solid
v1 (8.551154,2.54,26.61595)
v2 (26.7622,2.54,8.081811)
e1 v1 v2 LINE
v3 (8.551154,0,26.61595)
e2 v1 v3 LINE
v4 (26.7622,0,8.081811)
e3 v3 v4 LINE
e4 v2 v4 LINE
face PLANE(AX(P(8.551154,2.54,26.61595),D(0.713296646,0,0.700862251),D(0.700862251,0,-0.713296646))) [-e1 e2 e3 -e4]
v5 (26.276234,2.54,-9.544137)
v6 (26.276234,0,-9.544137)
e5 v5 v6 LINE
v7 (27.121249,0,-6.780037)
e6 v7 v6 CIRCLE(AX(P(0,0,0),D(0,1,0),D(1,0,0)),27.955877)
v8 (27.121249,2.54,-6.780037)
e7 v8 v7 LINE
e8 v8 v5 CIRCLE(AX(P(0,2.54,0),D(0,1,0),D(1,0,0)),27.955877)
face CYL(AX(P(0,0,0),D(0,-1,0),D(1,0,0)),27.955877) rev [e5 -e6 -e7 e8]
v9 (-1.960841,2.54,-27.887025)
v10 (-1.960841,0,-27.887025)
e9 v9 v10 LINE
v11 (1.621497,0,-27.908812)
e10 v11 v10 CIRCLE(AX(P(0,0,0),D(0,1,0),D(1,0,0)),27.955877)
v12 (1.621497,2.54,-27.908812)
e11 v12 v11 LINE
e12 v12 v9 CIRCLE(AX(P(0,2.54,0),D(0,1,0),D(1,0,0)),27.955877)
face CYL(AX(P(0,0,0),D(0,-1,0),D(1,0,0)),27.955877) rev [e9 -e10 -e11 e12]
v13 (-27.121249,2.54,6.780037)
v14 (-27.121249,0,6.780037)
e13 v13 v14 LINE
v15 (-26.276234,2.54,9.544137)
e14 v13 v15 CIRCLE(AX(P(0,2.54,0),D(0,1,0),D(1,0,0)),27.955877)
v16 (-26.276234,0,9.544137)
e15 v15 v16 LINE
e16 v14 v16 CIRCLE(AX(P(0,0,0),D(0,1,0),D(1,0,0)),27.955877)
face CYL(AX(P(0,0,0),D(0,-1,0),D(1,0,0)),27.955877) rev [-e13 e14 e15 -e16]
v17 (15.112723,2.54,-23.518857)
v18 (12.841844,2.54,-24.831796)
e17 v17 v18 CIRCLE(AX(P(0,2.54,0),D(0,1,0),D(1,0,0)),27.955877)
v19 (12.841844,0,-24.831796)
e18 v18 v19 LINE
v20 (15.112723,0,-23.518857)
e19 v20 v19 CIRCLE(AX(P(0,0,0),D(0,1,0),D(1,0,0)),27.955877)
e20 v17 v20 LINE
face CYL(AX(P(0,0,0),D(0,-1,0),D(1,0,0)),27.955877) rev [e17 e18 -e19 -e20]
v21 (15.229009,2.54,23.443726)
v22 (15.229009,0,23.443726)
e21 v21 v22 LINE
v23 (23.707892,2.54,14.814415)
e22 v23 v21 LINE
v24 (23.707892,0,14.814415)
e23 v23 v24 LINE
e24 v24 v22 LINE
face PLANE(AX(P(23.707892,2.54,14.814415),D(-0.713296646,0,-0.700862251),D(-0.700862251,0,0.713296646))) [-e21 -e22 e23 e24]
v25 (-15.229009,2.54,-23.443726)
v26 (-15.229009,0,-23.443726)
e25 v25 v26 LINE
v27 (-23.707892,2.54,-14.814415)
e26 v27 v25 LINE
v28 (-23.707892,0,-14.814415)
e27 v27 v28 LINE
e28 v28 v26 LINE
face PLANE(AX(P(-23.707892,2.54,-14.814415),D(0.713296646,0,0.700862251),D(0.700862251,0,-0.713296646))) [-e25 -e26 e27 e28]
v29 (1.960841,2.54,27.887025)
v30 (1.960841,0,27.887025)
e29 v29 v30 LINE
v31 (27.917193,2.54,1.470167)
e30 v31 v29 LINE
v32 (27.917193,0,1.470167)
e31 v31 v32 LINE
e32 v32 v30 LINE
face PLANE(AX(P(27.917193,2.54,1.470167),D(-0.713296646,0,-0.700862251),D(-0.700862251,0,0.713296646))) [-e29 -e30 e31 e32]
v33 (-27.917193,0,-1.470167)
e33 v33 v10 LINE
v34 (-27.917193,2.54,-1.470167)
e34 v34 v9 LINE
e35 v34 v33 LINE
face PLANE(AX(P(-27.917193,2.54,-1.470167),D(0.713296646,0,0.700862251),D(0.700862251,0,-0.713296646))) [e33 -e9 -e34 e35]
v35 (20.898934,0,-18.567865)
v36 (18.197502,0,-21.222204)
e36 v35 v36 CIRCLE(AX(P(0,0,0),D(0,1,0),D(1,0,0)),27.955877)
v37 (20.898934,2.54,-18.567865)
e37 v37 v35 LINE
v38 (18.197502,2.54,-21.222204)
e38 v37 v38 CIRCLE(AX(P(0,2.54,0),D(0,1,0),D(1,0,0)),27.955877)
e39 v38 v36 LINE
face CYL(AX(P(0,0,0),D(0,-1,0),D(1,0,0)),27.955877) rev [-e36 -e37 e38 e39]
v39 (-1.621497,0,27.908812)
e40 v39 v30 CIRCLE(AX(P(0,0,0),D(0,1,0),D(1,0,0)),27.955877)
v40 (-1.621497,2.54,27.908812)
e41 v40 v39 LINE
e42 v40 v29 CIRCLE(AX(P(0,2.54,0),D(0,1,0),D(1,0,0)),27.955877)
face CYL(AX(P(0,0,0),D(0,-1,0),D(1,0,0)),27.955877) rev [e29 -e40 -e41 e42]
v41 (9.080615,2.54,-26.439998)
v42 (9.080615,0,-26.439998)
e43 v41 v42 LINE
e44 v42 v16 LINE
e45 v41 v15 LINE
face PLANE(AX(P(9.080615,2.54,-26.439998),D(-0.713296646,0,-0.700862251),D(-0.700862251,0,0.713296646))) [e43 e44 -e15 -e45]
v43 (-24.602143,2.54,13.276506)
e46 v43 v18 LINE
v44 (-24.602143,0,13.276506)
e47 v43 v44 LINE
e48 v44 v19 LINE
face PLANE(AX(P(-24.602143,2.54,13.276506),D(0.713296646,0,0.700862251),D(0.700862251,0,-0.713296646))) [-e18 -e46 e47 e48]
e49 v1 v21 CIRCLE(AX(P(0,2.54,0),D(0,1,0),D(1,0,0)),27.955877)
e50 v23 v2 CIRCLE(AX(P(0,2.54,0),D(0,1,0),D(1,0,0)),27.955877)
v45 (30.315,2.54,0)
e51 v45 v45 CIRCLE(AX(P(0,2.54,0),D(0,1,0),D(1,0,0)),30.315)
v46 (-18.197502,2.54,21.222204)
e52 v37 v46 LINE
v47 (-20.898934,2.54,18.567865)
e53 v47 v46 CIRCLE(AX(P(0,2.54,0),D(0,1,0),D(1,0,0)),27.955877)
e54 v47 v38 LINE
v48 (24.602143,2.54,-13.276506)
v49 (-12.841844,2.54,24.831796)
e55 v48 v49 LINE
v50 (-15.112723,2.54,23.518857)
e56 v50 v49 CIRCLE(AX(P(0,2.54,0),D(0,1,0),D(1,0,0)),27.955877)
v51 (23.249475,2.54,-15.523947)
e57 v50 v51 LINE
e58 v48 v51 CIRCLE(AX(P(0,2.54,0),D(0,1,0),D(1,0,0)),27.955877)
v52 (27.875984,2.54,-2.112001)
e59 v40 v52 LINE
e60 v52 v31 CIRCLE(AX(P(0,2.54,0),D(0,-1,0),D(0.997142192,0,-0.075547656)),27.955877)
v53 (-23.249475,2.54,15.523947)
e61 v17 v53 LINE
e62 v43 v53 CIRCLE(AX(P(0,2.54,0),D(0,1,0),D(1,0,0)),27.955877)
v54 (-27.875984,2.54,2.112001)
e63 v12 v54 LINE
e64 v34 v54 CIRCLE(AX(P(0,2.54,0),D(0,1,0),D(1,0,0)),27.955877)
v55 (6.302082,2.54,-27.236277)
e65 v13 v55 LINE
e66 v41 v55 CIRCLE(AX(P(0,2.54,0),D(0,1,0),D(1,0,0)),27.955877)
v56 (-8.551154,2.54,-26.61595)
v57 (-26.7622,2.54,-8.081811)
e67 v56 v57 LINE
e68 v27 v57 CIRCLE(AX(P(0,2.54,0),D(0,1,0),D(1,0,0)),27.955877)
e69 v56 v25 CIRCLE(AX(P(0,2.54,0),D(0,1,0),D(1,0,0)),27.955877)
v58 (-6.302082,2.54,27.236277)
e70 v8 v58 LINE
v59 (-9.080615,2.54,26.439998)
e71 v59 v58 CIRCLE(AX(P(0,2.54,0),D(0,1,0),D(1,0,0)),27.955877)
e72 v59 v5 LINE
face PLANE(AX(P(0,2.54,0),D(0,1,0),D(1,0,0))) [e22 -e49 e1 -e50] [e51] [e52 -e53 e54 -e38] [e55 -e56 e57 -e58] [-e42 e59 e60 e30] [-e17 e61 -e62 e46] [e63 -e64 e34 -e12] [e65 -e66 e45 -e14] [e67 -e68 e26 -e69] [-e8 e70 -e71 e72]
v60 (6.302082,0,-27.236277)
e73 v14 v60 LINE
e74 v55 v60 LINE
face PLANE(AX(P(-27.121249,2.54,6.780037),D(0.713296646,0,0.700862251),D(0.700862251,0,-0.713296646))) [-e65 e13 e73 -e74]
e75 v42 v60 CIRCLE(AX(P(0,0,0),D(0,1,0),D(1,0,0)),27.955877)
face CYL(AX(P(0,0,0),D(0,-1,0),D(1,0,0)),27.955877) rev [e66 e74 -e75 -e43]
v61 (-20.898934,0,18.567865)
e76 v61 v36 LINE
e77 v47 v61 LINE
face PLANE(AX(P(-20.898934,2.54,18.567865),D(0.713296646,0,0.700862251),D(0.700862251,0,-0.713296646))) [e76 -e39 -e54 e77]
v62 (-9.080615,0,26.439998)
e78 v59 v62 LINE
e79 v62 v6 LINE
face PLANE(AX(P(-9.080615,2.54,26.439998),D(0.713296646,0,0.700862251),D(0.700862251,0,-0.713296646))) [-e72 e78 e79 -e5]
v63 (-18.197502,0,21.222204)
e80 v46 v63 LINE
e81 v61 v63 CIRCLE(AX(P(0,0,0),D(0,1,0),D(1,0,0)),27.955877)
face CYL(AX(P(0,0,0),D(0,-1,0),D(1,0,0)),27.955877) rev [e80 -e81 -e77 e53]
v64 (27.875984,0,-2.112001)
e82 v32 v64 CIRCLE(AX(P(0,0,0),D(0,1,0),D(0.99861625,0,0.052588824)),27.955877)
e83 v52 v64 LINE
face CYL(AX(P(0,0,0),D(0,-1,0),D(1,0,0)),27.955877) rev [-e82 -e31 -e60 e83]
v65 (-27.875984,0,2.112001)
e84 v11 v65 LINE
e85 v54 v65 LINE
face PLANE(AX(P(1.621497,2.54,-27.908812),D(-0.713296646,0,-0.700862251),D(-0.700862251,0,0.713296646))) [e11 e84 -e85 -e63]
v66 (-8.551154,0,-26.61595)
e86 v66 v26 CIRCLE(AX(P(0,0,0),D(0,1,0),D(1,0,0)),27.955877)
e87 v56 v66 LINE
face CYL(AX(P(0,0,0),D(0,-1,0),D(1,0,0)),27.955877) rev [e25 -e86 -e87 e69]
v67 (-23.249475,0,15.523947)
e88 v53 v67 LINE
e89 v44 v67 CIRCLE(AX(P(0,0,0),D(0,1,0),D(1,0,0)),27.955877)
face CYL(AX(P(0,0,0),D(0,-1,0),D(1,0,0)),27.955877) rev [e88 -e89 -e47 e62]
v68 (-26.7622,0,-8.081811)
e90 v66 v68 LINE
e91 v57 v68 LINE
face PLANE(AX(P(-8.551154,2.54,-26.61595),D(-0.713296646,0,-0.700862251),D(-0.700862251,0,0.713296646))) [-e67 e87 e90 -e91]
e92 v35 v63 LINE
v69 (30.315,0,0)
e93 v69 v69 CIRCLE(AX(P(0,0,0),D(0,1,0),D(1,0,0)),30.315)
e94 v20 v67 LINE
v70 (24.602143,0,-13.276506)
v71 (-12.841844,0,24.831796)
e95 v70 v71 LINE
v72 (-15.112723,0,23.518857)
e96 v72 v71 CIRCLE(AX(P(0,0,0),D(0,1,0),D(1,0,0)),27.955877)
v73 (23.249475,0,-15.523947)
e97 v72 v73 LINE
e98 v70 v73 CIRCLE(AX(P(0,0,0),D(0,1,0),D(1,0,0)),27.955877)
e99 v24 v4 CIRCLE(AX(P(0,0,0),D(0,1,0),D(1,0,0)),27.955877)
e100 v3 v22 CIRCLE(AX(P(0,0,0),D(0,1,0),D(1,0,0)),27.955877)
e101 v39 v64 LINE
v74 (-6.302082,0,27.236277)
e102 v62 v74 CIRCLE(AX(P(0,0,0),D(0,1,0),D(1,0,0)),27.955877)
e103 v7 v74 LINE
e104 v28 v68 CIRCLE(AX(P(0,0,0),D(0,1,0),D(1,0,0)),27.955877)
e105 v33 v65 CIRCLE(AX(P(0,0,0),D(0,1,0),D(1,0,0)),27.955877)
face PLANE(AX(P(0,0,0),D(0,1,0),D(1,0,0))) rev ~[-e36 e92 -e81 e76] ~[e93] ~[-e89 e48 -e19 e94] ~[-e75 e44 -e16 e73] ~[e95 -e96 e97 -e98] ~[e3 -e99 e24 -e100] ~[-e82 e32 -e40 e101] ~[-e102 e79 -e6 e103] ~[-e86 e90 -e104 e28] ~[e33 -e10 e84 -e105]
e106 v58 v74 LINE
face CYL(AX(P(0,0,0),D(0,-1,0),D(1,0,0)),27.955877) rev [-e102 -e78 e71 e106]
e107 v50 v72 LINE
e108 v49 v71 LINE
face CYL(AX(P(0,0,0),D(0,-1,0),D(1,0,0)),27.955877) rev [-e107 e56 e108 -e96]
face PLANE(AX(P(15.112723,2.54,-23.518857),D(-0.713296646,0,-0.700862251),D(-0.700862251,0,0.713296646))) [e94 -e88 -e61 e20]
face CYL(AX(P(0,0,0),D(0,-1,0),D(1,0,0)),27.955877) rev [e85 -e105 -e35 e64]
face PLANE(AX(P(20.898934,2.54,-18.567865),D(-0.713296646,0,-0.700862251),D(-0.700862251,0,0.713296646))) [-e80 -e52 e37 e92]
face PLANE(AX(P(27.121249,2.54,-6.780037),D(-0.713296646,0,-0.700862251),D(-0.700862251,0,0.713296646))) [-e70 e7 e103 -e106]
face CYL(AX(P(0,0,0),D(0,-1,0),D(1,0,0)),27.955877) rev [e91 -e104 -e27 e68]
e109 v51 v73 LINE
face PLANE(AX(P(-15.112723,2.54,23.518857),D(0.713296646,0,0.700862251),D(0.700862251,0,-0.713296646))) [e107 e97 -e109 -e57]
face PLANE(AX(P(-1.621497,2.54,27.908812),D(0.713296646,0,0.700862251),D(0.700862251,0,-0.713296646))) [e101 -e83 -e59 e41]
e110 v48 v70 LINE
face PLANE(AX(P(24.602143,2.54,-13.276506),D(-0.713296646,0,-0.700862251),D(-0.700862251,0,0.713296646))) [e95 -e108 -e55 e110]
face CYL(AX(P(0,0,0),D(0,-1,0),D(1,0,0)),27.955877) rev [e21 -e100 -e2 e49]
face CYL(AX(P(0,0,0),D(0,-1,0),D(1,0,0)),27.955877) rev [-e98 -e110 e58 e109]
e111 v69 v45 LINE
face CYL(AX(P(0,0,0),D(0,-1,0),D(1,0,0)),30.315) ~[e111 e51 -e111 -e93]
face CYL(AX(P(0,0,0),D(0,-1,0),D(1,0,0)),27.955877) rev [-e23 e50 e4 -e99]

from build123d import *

# Parameters (mm, degrees)
SKETCH1_R           = 30.315
SKETCH1_R_2         = 27.955876632
BOSS_EXTRUDE1_DEPTH = 2.54
BOSS_EXTRUDE3_DEPTH = 2.54


with BuildPart() as part:
    # Sketch1 → Boss-Extrude1 (new body)
    with BuildSketch(Plane(origin=(0, 0, 0), x_dir=(1, 0, 0), z_dir=(0, 1, 0))):
        Circle(SKETCH1_R)
        Circle(SKETCH1_R_2, mode=Mode.SUBTRACT)
    extrude(amount=BOSS_EXTRUDE1_DEPTH)

    # Sketch2 → Boss-Extrude3 (add)
    with BuildSketch(Plane(origin=(0, 2.54, 0), x_dir=(1, 0, 0), z_dir=(0, 1, 0))):
        with BuildLine():
            ThreePointArc((23.249475333, 15.523947146), (22.126610026, 17.086373723), (20.89893406, 18.567864536))
            Line((20.89893406, 18.567864536), (-18.197502423, -21.222204028))
            ThreePointArc((-18.197502423, -21.222204028), (-16.694652957, -22.423639332), (-15.112723253, -23.51885699))
            Line((-15.112723253, -23.51885699), (23.249475333, 15.523947146))
        make_face()
        with BuildLine():
            ThreePointArc((26.276234192, 9.544137201), (25.507547042, 11.440982568), (24.602142837, 13.276505792))
            Line((24.602142837, 13.276505792), (-12.841843795, -24.831795871))
            ThreePointArc((-12.841843795, -24.831795871), (-10.990683551, -25.70478386), (-9.080614707, -26.439997632))
            Line((-9.080614707, -26.439997632), (26.276234192, 9.544137201))
        make_face()
        with BuildLine():
            ThreePointArc((27.875984112, 2.112000943), (27.597491722, 4.462005025), (27.121248921, 6.780036517))
            Line((27.121248921, 6.780036517), (-6.302082474, -27.236277181))
            ThreePointArc((-6.302082474, -27.236277181), (-3.97603503, -27.671685595), (-1.621497222, -27.908811959))
            Line((-1.621497222, -27.908811959), (27.875984112, 2.112000943))
        make_face()
        with BuildLine():
            ThreePointArc((26.762200244, -8.081811449), (27.538835575, -4.810776795), (27.917192699, -1.470166667))
            Line((27.917192699, -1.470166667), (1.960841153, -27.887024584))
            ThreePointArc((1.960841153, -27.887024584), (5.294281665, -27.449983968), (8.551154051, -26.615950154))
            Line((8.551154051, -26.615950154), (26.762200244, -8.081811449))
        make_face()
        with BuildLine():
            ThreePointArc((15.229009426, -23.443726455), (19.940833039, -19.593218621), (23.707891831, -14.814415383))
            Line((23.707891831, -14.814415383), (15.229009426, -23.443726455))
        make_face()
        with BuildLine():
            ThreePointArc((16.305164724, 22.708426665), (15.714169419, 23.121330362), (15.112723252, 23.518856991))
            Line((15.112723252, 23.518856991), (-23.249475334, -15.523947145))
            ThreePointArc((-23.249475334, -15.523947145), (-22.982270651, -15.916855029), (-22.708426665, -16.305164724))
            ThreePointArc((-22.708426665, -16.305164724), (-22.41820217, -16.701953471), (-22.121045331, -17.0935775))
            ThreePointArc((-22.121045331, -17.0935775), (-21.522616878, -17.841188329), (-20.898934061, -18.567864535))
            Line((-20.898934061, -18.567864535), (18.197502422, 21.222204029))
            ThreePointArc((18.197502422, 21.222204029), (17.651262262, 21.678652606), (17.0935775, 22.121045331))
            ThreePointArc((17.0935775, 22.121045331), (16.701953471, 22.41820217), (16.305164724, 22.708426665))
        make_face()
        with BuildLine():
            ThreePointArc((12.841843795, 24.831795872), (10.99068355, 25.704783861), (9.080614706, 26.439997633))
            Line((9.080614706, 26.439997633), (-26.276234193, -9.544137201))
            ThreePointArc((-26.276234193, -9.544137201), (-25.507547043, -11.440982567), (-24.602142838, -13.276505791))
            Line((-24.602142838, -13.276505791), (12.841843795, 24.831795872))
        make_face()
        with BuildLine():
            ThreePointArc((3.386258142, 27.750032325), (2.505135962, 27.843407336), (1.621497221, 27.90881196))
            Line((1.621497221, 27.90881196), (-27.875984113, -2.112000942))
            ThreePointArc((-27.875984113, -2.112000942), (-27.820304798, -2.74985076), (-27.750032325, -3.386258142))
            ThreePointArc((-27.750032325, -3.386258142), (-27.488066672, -5.092860582), (-27.121248922, -6.780036516))
            Line((-27.121248922, -6.780036516), (6.302082473, 27.236277182))
            ThreePointArc((6.302082473, 27.236277182), (4.850976402, 27.531782837), (3.386258142, 27.750032325))
        make_face()
        with BuildLine():
            Line((-27.9171927, 1.470166667), (-1.960841154, 27.887024585))
            ThreePointArc((-1.960841154, 27.887024585), (-5.294281666, 27.449983969), (-8.551154052, 26.615950155))
            Line((-8.551154052, 26.615950155), (-26.762200245, 8.08181145))
            ThreePointArc((-26.762200245, 8.08181145), (-27.538835576, 4.810776796), (-27.9171927, 1.470166667))
        make_face()
        with BuildLine():
            Line((-23.707891832, 14.814415383), (-15.229009427, 23.443726455))
            ThreePointArc((-15.229009427, 23.443726455), (-19.940833039, 19.593218621), (-23.707891832, 14.814415383))
        make_face()
    extrude(amount=-BOSS_EXTRUDE3_DEPTH)


solid = part.part
